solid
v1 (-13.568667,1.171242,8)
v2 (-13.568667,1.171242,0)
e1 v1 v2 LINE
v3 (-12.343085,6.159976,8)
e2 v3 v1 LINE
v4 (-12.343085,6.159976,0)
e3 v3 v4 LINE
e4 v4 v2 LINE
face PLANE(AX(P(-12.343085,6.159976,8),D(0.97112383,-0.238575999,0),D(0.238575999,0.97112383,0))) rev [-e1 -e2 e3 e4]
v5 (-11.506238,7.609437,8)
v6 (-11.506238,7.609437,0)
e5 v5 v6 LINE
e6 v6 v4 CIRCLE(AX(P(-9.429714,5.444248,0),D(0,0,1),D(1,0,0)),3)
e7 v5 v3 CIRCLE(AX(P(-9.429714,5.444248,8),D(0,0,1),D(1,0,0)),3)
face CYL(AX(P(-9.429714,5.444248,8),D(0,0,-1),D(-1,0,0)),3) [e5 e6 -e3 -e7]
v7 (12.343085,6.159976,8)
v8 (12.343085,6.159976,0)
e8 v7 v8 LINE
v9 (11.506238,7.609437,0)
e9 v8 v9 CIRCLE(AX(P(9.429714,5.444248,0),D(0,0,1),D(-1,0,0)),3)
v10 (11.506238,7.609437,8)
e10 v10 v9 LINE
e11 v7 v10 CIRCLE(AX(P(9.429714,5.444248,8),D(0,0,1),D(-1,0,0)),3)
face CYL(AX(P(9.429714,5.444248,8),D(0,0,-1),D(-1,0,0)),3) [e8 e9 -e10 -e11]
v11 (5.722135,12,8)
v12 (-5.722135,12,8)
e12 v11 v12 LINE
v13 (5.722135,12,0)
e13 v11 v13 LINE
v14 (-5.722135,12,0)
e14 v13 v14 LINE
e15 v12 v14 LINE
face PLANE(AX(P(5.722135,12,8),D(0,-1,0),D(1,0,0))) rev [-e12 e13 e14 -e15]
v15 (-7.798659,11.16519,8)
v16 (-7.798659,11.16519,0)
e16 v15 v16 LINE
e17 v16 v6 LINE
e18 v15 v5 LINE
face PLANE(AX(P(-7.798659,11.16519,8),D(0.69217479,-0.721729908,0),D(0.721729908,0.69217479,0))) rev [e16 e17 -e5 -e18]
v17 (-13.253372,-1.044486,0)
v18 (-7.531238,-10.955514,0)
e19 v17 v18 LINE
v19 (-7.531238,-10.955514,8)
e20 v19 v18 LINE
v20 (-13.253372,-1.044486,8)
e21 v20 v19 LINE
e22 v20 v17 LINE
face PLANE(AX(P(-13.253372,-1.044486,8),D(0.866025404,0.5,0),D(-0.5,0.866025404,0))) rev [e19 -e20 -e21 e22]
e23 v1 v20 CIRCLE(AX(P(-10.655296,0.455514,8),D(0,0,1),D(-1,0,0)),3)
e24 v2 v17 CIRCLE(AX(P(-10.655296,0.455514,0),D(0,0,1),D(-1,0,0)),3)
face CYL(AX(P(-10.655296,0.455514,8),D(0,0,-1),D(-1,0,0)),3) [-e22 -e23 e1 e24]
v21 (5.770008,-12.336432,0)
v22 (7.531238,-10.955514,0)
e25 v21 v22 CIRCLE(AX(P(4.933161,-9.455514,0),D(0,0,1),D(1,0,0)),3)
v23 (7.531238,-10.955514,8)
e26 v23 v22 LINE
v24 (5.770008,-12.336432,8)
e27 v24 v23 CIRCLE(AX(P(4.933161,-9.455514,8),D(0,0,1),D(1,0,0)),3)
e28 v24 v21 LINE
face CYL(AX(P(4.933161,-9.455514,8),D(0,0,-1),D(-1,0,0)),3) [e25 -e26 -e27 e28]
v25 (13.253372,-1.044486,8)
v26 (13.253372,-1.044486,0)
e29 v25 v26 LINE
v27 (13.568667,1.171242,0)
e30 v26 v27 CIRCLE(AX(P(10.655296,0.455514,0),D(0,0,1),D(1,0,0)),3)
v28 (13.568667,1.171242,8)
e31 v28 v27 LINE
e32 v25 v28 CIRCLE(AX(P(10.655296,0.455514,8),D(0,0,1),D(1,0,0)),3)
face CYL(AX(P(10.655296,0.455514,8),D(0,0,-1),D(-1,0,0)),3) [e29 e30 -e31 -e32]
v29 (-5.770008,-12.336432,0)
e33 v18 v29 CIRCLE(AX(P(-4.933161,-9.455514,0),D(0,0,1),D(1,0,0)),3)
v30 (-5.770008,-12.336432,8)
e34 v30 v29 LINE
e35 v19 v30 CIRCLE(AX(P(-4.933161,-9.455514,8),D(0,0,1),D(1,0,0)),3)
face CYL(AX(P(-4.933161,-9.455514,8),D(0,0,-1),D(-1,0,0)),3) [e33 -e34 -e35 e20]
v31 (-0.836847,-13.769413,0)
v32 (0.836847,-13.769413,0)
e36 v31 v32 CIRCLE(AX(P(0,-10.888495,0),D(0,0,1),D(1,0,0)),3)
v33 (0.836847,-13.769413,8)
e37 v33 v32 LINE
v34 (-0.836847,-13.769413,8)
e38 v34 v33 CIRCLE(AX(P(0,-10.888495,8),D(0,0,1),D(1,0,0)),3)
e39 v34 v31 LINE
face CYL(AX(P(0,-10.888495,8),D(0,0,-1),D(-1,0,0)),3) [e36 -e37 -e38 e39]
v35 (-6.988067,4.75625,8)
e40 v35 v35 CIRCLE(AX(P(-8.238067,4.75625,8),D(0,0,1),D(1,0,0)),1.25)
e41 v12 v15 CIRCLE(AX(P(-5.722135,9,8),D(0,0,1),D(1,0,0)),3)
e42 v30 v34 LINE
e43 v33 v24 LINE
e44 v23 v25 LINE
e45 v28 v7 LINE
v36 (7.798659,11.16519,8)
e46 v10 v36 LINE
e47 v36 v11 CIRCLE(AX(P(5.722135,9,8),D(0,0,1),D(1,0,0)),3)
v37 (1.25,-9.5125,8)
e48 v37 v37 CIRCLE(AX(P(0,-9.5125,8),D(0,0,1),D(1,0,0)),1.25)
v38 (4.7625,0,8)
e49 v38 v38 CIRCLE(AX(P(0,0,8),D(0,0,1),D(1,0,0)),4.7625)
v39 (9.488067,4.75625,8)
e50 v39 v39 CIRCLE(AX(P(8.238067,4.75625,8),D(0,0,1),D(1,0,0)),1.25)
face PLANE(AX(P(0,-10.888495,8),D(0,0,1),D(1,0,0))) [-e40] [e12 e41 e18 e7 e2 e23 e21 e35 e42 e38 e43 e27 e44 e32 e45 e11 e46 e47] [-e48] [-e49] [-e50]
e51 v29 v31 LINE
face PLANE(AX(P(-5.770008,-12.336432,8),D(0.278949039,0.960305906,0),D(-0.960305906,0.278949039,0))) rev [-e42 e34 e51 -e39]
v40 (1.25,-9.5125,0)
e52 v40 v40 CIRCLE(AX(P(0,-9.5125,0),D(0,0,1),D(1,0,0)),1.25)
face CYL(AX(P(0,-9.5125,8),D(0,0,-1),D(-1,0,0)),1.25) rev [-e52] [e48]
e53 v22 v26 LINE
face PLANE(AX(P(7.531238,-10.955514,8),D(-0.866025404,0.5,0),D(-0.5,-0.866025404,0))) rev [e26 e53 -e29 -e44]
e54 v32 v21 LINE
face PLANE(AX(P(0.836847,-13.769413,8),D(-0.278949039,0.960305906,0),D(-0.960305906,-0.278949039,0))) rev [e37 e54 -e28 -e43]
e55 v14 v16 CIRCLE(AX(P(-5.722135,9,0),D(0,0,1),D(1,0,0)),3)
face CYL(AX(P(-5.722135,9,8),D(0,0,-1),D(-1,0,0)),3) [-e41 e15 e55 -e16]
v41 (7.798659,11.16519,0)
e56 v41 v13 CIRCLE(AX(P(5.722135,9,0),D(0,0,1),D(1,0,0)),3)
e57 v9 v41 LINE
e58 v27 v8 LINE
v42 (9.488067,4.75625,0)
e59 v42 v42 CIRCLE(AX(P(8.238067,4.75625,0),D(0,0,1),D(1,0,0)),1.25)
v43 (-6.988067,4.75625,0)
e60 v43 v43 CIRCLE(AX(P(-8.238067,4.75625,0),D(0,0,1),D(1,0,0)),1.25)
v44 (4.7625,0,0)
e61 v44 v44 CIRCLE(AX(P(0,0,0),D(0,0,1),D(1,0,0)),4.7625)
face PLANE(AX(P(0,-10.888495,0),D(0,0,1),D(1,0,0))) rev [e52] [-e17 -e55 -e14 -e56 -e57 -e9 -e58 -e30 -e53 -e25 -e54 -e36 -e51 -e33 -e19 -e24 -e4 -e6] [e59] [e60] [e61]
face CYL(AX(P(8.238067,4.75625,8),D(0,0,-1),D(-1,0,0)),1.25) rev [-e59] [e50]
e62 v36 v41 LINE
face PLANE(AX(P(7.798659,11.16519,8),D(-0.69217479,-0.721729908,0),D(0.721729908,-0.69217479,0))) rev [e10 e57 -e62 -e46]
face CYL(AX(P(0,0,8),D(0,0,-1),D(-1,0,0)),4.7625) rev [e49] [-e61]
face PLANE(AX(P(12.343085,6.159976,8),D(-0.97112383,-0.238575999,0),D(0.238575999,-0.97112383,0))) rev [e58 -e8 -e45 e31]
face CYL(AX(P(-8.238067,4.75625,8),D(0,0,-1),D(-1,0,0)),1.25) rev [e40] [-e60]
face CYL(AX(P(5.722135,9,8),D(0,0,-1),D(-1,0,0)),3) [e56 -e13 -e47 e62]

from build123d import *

# Parameters (mm, degrees)
SKETCH1_R           = 4.7625
SKETCH1_R_2         = 1.25
BOSS_EXTRUDE1_DEPTH = 8


with BuildPart() as part:
    # Sketch1 → Boss-Extrude1 (new body)
    with BuildSketch(Plane.XY):
        with BuildLine():
            Line((-13.253372163, -1.044486042), (-7.531237528, -10.955513958))
            ThreePointArc((-7.531237528, -10.955513958), (-6.784217233, -11.816359568), (-5.770008435, -12.336431676))
            Line((-5.770008435, -12.336431676), (-0.836847118, -13.76941319))
            ThreePointArc((-0.836847118, -13.76941319), (0, -13.888495471), (0.836847118, -13.76941319))
            Line((0.836847118, -13.76941319), (5.770008435, -12.336431676))
            ThreePointArc((5.770008435, -12.336431676), (6.784217233, -11.816359568), (7.531237528, -10.955513958))
            Line((7.531237528, -10.955513958), (13.253372163, -1.044486042))
            ThreePointArc((13.253372163, -1.044486042), (13.625376182, 0.032875315), (13.568667441, 1.171241953))
            Line((13.568667441, 1.171241953), (12.343085176, 6.159975731))
            ThreePointArc((12.343085176, 6.159975731), (12.027789898, 6.944247736), (11.506238058, 7.609437458))
            Line((11.506238058, 7.609437458), (7.798659006, 11.165189723))
            ThreePointArc((7.798659006, 11.165189723), (6.841158949, 11.783484253), (5.722134635, 12))
            Line((5.722134635, 12), (-5.722134635, 12))
            ThreePointArc((-5.722134635, 12), (-6.841158949, 11.783484253), (-7.798659006, 11.165189723))
            Line((-7.798659006, 11.165189723), (-11.506238058, 7.609437458))
            ThreePointArc((-11.506238058, 7.609437458), (-12.027789898, 6.944247736), (-12.343085176, 6.159975731))
            Line((-12.343085176, 6.159975731), (-13.568667441, 1.171241953))
            ThreePointArc((-13.568667441, 1.171241953), (-13.625376182, 0.032875315), (-13.253372163, -1.044486042))
        make_face()
        Circle(SKETCH1_R, mode=Mode.SUBTRACT)
        with Locations((-8.238066653, 4.75625)):
            Circle(SKETCH1_R_2, mode=Mode.SUBTRACT)
        with Locations((8.238066653, 4.75625)):
            Circle(SKETCH1_R_2, mode=Mode.SUBTRACT)
        with Locations((0, -9.5125)):
            Circle(SKETCH1_R_2, mode=Mode.SUBTRACT)
    extrude(amount=BOSS_EXTRUDE1_DEPTH)


solid = part.part
